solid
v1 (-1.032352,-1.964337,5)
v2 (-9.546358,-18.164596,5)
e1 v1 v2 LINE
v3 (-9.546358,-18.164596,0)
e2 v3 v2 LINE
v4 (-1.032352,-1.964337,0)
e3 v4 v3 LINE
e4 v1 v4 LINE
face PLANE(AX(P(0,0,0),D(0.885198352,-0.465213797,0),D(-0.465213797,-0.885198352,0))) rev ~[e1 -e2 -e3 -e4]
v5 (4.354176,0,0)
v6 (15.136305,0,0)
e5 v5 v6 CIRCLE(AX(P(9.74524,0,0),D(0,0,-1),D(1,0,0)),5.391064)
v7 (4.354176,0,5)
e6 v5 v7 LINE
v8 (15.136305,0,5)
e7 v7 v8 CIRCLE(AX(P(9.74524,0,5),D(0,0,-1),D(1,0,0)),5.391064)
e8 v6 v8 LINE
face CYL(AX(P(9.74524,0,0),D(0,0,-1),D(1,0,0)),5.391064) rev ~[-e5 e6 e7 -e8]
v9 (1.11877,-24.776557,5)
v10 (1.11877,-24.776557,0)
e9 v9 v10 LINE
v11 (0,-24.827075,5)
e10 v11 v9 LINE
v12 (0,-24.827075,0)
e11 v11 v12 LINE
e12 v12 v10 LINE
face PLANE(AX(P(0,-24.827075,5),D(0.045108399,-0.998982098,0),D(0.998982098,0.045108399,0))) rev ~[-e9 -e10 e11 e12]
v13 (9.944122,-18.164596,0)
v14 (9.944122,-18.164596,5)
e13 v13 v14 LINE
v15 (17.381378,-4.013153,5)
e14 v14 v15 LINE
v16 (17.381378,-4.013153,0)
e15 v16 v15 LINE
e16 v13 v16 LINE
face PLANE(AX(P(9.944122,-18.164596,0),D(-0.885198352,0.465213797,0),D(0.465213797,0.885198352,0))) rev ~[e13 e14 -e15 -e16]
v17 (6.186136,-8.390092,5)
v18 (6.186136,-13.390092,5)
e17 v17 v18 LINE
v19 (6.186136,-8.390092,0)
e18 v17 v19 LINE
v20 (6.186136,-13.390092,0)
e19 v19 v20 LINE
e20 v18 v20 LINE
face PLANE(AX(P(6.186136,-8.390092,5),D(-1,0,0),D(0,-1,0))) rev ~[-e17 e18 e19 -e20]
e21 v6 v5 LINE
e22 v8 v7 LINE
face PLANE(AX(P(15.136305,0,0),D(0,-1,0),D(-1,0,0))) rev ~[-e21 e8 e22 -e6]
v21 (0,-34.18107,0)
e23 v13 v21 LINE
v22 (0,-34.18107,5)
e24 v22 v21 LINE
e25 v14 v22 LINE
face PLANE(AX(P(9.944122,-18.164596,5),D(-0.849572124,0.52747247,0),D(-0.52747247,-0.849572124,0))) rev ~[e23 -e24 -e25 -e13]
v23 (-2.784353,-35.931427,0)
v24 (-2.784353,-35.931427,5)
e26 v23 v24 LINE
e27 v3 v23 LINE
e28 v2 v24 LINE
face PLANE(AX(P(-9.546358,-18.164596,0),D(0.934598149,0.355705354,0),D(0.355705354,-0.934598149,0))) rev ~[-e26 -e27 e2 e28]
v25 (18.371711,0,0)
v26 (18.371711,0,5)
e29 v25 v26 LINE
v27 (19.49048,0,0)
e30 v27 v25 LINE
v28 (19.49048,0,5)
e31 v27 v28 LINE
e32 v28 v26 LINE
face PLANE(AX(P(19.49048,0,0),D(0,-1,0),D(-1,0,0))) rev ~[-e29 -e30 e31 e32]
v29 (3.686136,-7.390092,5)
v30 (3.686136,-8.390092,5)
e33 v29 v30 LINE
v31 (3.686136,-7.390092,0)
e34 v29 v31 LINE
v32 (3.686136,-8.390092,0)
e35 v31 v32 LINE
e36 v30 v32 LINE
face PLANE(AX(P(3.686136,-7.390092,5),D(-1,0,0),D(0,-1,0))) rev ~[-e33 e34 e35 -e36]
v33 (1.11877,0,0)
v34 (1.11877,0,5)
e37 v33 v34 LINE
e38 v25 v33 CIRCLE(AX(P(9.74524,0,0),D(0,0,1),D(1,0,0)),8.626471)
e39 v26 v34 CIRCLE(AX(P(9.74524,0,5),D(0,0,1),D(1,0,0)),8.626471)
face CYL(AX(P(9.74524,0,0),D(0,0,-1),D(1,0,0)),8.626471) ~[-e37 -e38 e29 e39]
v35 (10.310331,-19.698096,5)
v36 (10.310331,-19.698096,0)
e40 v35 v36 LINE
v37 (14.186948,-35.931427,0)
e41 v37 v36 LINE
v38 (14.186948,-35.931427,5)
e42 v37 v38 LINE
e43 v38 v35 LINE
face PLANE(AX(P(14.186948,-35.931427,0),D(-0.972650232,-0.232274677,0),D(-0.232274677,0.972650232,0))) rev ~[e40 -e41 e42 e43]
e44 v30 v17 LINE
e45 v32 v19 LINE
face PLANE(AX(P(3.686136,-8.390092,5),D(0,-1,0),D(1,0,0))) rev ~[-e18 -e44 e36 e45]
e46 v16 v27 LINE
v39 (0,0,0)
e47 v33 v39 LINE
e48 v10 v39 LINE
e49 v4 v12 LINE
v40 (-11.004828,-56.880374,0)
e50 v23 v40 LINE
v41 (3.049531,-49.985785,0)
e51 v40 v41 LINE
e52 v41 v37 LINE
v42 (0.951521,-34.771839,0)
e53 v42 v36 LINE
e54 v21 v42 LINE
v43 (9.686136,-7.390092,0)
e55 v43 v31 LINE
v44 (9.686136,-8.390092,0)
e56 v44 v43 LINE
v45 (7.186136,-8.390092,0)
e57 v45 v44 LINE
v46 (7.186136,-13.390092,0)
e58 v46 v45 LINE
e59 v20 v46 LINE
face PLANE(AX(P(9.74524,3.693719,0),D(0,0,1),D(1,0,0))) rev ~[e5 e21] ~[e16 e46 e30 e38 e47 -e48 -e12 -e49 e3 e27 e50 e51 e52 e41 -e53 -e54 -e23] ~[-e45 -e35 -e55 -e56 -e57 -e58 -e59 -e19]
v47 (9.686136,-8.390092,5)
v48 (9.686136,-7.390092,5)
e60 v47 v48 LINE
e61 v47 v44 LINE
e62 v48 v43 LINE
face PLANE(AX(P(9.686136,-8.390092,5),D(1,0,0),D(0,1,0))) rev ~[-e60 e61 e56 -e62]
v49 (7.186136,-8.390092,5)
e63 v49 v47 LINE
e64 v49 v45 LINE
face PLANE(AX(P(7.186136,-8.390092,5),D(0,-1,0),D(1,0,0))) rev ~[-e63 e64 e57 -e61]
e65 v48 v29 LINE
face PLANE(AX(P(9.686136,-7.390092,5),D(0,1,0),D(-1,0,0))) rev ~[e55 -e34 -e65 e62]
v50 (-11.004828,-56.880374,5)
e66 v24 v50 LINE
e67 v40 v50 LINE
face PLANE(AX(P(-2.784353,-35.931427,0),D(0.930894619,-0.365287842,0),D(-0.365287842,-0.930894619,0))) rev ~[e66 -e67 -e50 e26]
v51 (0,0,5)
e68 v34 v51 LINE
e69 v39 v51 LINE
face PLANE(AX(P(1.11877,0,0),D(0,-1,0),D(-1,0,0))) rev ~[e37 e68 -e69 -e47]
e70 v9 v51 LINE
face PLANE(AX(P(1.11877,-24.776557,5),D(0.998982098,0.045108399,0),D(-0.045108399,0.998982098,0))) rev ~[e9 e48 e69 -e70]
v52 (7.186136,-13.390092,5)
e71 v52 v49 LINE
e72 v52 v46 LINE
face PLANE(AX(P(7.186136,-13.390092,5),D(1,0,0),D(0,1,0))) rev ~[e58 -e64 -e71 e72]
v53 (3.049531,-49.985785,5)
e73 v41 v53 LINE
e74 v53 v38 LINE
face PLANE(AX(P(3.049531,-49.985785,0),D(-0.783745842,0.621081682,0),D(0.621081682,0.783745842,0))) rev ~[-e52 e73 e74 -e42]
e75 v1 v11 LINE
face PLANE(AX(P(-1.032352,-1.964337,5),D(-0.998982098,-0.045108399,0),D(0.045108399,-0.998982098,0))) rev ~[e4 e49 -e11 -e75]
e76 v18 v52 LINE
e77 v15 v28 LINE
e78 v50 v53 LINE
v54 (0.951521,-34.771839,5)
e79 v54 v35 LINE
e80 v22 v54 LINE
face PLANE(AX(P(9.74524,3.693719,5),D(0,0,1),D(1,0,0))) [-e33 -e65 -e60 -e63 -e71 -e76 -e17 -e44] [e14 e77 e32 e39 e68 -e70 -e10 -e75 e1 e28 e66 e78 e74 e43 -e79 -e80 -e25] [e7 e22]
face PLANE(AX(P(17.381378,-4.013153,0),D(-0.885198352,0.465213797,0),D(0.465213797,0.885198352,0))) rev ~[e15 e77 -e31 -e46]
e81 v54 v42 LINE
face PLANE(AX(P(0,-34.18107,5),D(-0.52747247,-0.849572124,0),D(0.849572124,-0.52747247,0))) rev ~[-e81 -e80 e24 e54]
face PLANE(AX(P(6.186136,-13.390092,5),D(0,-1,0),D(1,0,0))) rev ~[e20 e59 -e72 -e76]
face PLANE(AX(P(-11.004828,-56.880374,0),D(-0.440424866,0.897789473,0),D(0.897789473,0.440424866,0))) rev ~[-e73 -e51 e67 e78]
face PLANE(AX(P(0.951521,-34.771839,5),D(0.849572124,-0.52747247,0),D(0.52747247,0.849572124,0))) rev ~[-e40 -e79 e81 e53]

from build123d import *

# Parameters (mm, degrees)
F1_DEPTH = 5
F3_DEPTH = 25
F5_DEPTH = 25


with BuildPart() as f1:
    # F0 (on Top) → F1 (new body)
    with BuildSketch(Plane.XY):
        with BuildLine():
            ThreePointArc((4.3541757575, 0), (9.7452402115, 5.391064454), (15.1363046655, 0))
            Line((15.1363046655, 0), (18.3717107881, 0))
            ThreePointArc((18.3717107881, 0), (9.7452402115, 8.6264705766), (1.1187696349, 0))
            Line((1.1187696349, 0), (4.3541757575, 0))
        make_face()
        with BuildLine():
            Line((18.3717107881, 0), (15.1363046655, 0))
            ThreePointArc((15.1363046655, 0), (9.7452402115, -5.391064454), (4.3541757575, 0))
            Line((4.3541757575, 0), (1.1187696349, 0))
            ThreePointArc((1.1187696349, 0), (7.678470178, -8.3752287275), (17.3813779901, -4.0131526802))
            ThreePointArc((17.3813779901, -4.0131526802), (18.1204689389, -2.0667700335), (18.3717107881, 0))
        make_face()
        with BuildLine():
            Line((19.490480423, 0), (18.3717107881, 0))
            ThreePointArc((18.3717107881, 0), (18.1204689389, -2.0667700335), (17.3813779901, -4.0131526802))
            Line((17.3813779901, -4.0131526802), (19.490480423, 0))
        make_face()
        with BuildLine():
            ThreePointArc((17.3813779901, -4.0131526802), (7.678470178, -8.3752287275), (1.1187696349, 0))
            Line((1.1187696349, 0), (0, 0))
            Line((0, 0), (-9.5463581383, -18.164595589))
            Line((-9.5463581383, -18.164595589), (-2.7843534481, -35.9314270318))
            Line((-2.7843534481, -35.9314270318), (-11.0048279166, -56.8803735077))
            Line((-11.0048279166, -56.8803735077), (3.0495305546, -49.9857850373))
            Line((3.0495305546, -49.9857850373), (14.1869476065, -35.9314270318))
            Line((14.1869476065, -35.9314270318), (9.9441222847, -18.164595589))
            Line((9.9441222847, -18.164595589), (17.3813779901, -4.0131526802))
        make_face()
        with BuildLine():
            ThreePointArc((4.3541757575, 0), (9.7452402115, -5.391064454), (15.1363046655, 0))
            Line((15.1363046655, 0), (4.3541757575, 0))
        make_face()
    extrude(amount=F1_DEPTH)

    # F2 (on face) → F3 (cut)
    with BuildSketch(Plane.XY.offset(5)):
        Polygon((1.1187696349, -24.7765574604), (0, 0), (-1.0323523379, -1.9643368131), (0, -24.8270747891), align=None)
        Polygon((10.3103312495, -19.6980956646), (9.9441222847, -18.164595589), (0, -34.1810695827), (0.9515207789, -34.7718387486), align=None)
    extrude(amount=-F3_DEPTH, mode=Mode.SUBTRACT)

    # F4 (on face) → F5 (cut)
    with BuildSketch(Plane.XY.offset(5)):
        Polygon((3.6861358676, -8.3900917694), (6.1861358676, -8.3900917694), (6.1861358676, -13.3900917694), (7.1861358676, -13.3900917694), (7.1861358676, -8.3900917694), (9.6861358676, -8.3900917694), (9.6861358676, -7.3900917694), (9.0056210756, -7.3900917694), (3.6861358676, -7.3900917694), align=None)
    extrude(amount=-F5_DEPTH, mode=Mode.SUBTRACT)


solid = f1.part
